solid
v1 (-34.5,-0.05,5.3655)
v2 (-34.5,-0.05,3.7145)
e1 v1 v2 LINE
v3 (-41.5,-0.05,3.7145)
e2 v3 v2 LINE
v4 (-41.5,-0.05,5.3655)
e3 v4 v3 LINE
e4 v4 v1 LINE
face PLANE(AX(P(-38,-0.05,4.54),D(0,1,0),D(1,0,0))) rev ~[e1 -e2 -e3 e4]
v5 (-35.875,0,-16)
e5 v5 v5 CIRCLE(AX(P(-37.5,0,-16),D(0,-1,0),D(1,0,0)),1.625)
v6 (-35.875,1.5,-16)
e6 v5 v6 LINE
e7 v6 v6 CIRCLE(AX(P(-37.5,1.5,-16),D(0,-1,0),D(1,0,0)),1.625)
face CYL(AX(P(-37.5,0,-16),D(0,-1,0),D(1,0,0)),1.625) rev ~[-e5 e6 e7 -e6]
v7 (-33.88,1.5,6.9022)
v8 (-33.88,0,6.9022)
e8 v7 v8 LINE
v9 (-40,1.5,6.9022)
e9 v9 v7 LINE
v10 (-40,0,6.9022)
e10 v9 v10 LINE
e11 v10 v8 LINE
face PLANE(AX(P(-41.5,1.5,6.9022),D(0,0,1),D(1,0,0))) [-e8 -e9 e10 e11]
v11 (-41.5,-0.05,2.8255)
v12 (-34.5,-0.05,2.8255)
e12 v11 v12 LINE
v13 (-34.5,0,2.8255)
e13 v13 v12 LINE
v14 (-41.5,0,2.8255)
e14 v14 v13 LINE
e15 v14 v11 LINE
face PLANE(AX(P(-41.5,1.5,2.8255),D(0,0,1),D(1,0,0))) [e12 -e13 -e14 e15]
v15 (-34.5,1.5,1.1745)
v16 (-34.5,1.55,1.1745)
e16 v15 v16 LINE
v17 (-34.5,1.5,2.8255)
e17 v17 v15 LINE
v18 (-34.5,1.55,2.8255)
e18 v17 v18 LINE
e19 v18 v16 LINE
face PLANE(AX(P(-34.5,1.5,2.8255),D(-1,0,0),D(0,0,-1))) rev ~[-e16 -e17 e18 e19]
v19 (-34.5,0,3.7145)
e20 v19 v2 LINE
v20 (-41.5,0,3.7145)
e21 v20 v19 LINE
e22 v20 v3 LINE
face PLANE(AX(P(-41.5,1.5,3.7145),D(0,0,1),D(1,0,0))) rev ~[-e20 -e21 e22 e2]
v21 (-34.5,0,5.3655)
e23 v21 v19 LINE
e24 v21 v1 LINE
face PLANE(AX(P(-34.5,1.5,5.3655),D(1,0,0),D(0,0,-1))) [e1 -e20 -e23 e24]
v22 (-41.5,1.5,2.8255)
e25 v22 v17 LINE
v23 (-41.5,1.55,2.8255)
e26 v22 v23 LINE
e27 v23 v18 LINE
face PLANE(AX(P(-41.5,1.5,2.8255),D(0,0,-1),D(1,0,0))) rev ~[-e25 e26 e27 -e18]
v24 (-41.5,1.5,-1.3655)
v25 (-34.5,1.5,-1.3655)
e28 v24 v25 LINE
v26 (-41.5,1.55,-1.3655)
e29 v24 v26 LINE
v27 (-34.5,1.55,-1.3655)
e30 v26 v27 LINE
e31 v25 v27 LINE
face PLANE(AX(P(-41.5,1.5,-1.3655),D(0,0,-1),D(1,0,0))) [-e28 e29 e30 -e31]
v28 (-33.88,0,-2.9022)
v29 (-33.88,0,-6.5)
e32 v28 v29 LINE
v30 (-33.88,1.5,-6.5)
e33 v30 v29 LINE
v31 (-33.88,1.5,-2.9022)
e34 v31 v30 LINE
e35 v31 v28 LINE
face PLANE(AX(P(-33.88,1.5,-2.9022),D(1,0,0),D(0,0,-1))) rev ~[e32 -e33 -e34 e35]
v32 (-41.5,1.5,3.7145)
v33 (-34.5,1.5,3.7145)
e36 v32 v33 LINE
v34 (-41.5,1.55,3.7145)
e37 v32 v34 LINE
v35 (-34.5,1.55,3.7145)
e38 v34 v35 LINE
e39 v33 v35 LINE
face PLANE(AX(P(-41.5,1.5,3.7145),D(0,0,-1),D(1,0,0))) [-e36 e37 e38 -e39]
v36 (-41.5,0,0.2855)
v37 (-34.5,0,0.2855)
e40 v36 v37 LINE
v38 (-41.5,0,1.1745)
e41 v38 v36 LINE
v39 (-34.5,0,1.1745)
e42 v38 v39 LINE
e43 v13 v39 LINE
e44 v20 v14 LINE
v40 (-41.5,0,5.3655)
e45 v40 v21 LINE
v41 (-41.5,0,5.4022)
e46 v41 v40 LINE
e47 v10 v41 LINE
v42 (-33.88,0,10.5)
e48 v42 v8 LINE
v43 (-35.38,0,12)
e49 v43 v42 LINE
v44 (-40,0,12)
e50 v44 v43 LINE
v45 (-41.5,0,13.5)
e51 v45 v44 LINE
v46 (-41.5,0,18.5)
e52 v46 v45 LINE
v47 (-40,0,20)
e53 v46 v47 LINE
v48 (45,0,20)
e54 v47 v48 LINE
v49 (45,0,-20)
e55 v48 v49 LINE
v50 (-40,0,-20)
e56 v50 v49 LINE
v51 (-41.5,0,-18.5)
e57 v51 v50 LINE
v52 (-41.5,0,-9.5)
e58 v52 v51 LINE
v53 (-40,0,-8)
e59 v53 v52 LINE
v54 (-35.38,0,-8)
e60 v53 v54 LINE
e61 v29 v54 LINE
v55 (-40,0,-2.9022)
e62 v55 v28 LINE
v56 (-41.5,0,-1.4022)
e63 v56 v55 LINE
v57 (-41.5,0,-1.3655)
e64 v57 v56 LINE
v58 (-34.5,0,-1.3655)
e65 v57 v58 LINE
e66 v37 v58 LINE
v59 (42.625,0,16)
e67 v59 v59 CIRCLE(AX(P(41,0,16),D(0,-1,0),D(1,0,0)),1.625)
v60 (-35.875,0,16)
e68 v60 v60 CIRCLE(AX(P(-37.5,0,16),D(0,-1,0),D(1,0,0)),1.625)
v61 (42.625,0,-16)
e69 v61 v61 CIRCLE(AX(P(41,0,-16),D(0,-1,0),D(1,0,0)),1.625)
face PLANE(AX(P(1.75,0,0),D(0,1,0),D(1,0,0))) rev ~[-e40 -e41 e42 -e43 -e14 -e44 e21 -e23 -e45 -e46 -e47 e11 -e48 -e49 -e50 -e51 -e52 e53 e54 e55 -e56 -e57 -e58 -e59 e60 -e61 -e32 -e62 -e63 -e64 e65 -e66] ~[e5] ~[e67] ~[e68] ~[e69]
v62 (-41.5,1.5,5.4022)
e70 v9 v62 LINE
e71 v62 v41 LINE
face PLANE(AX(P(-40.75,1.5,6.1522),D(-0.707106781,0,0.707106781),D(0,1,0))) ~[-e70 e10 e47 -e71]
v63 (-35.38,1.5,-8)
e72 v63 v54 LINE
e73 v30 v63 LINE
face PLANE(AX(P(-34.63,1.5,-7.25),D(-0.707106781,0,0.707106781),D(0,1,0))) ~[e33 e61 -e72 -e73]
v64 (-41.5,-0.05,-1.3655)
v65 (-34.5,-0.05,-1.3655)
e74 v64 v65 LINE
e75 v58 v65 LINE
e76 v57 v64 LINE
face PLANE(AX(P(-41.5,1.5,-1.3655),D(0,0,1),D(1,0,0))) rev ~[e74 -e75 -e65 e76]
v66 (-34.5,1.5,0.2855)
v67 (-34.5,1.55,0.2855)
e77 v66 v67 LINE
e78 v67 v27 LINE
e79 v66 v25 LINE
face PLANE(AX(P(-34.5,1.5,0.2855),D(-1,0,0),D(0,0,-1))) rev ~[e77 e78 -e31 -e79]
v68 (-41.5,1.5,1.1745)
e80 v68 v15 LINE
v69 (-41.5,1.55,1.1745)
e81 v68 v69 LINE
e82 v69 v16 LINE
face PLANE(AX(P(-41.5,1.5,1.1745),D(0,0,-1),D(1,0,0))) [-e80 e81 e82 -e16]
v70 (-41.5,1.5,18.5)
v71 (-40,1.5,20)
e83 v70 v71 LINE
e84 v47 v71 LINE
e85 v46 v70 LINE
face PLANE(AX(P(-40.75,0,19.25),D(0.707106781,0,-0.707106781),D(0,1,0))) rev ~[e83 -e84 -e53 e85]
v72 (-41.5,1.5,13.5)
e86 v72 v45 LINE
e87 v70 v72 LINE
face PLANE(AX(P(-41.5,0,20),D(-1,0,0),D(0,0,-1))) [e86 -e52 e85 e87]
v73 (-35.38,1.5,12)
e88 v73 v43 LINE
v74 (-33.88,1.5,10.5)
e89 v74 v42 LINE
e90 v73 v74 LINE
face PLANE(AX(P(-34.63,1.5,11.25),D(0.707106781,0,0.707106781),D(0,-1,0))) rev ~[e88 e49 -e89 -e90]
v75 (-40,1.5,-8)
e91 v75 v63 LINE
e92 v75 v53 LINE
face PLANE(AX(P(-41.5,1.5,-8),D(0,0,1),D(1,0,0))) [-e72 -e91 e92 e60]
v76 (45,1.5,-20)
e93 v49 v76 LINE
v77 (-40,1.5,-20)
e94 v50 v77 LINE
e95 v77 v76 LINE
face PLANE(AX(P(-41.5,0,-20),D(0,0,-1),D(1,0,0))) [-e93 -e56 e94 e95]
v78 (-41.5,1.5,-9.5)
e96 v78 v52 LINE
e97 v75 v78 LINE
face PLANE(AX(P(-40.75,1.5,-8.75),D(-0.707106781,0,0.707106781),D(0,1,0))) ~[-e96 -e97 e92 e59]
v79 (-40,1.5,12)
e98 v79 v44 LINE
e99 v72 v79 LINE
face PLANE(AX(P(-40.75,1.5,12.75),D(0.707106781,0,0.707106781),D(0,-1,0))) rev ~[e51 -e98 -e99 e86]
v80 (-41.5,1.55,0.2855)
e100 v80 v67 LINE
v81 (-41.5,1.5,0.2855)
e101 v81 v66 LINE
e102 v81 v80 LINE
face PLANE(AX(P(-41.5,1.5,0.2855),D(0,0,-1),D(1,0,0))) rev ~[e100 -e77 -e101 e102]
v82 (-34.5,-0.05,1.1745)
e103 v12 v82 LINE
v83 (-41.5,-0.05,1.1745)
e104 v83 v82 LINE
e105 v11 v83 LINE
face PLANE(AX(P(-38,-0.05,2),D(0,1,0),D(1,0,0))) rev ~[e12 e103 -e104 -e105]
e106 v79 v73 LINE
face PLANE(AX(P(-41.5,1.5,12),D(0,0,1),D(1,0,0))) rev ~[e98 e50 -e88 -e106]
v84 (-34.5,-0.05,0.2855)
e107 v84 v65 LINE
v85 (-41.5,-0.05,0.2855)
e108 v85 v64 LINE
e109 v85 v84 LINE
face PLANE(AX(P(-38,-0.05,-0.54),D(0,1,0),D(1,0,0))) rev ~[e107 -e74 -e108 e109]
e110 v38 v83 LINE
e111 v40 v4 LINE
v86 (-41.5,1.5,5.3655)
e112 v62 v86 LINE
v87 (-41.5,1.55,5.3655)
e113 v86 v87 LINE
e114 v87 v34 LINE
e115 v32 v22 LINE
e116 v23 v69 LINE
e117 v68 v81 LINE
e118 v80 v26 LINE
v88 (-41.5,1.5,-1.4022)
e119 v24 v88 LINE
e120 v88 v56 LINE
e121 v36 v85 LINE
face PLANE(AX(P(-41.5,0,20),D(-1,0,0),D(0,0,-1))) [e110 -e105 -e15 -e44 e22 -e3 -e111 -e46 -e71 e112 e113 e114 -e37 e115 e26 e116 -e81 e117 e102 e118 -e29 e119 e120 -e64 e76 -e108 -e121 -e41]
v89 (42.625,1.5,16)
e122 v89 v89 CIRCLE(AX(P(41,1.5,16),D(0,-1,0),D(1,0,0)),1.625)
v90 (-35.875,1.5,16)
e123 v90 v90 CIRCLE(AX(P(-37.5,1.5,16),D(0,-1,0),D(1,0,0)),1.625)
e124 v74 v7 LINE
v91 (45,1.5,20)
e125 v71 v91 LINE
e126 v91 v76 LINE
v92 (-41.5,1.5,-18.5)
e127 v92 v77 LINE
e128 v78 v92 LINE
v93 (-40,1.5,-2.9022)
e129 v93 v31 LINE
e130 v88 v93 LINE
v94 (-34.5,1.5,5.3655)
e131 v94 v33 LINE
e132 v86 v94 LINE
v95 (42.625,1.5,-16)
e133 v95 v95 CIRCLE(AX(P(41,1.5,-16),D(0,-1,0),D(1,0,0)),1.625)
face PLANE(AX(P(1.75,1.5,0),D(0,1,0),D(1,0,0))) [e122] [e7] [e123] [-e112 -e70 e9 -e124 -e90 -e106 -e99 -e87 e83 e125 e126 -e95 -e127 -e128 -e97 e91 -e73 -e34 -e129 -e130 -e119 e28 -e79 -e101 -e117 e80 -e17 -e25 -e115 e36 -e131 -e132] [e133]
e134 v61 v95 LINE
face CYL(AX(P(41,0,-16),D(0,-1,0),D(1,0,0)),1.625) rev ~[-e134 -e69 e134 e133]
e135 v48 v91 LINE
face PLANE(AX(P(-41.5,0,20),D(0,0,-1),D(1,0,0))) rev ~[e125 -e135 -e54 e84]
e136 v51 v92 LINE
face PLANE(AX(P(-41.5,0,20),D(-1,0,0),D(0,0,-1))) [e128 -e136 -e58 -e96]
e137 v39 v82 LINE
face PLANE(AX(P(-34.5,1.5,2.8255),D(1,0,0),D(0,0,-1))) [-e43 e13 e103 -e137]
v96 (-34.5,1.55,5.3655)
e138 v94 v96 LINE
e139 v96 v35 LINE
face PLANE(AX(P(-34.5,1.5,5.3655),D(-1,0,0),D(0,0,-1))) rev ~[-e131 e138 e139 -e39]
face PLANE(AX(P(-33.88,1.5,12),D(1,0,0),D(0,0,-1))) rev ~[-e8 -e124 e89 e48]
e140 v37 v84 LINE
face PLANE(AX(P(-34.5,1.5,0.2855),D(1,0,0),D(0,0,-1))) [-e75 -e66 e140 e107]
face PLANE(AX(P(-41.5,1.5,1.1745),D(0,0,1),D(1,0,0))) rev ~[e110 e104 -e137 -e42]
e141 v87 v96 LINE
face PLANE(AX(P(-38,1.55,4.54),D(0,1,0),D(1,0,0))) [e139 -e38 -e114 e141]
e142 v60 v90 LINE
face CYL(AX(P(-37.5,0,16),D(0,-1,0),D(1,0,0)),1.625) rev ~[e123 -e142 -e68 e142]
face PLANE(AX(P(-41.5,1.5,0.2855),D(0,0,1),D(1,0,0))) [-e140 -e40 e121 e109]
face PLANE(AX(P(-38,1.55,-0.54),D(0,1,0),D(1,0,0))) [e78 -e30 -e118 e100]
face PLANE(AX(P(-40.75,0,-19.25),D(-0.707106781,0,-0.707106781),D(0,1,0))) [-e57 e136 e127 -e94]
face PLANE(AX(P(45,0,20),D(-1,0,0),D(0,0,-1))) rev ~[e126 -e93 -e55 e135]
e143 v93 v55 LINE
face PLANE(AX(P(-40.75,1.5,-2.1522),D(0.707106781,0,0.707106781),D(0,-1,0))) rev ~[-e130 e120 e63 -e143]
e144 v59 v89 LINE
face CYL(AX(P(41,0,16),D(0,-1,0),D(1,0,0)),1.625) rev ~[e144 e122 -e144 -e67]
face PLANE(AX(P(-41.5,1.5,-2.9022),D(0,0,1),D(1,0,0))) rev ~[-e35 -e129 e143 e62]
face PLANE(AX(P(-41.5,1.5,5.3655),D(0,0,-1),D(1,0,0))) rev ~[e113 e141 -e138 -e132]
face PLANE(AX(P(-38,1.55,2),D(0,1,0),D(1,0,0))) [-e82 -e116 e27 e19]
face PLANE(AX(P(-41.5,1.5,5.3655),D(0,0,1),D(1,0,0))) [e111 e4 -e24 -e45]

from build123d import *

# Parameters (mm, degrees)
SKETCH1_W                = 86.5
SKETCH1_H                = 40
BOSS_EXTRUDE1_DEPTH      = 1.5
SKETCH2_W                = 7.62
SKETCH2_H                = 5.0978
CUT_EXTRUDE1_DEPTH       = 2.5
CHAMFER2_SIZE            = 1.5
SKETCH4_R                = 1.625
CUT_EXTRUDE2_DEPTH       = 2.5
SKETCH3_W                = 7
SKETCH3_H                = 1.651
BOSS_EXTRUDE2_DEPTH      = 0.05
BOSS_EXTRUDE2_DEPTH_BACK = 1.55


with BuildPart() as part:
    # Sketch1 → Boss-Extrude1 (new body)
    with BuildSketch(Plane(origin=(0, 0, 0), x_dir=(1, 0, 0), z_dir=(0, 1, 0))):
        with Locations((1.75, 0)):
            Rectangle(SKETCH1_W, SKETCH1_H)
    extrude(amount=BOSS_EXTRUDE1_DEPTH)

    # Sketch2 → Cut-Extrude1 (cut, through all)
    with BuildSketch(Plane(origin=(0, 1.5, 0), x_dir=(1, 0, 0), z_dir=(0, 1, 0))):
        with Locations((-37.69, 5.4511)):
            Rectangle(SKETCH2_W, SKETCH2_H)
        with Locations((-37.69, -9.4511)):
            Rectangle(SKETCH2_W, SKETCH2_H)
    extrude(amount=-CUT_EXTRUDE1_DEPTH, mode=Mode.SUBTRACT)

    # Chamfer2
    chamfer2_edges = [part.edges().sort_by_distance(p)[0] for p in [
        (-41.5, 0.75, -2.9022),
        (-41.5, 0.75, -8),
        (-33.88, 0.75, -8),
        (-41.5, 0.75, 12),
        (-41.5, 0.75, 6.9022),
        (-33.88, 0.75, 12),
        (-41.5, 0.75, -20),
        (-41.5, 0.75, 20),
    ]]
    chamfer(chamfer2_edges, length=CHAMFER2_SIZE)

    # Sketch4 → Cut-Extrude2 (cut, through all)
    with BuildSketch(Plane.XZ):
        with Locations((-37.5, 16)):
            Circle(SKETCH4_R)
        with Locations((41, 16)):
            Circle(SKETCH4_R)
        with Locations((41, -16)):
            Circle(SKETCH4_R)
        with Locations((-37.5, -16)):
            Circle(SKETCH4_R)
    extrude(amount=-CUT_EXTRUDE2_DEPTH, mode=Mode.SUBTRACT)

    # Sketch3 → Boss-Extrude2 (add, two sides)
    with BuildSketch(Plane(origin=(0, 1.5, 0), x_dir=(1, 0, 0), z_dir=(0, 1, 0))) as boss_extrude2_sk:
        with Locations((-38, 0.54)):
            Rectangle(SKETCH3_W, SKETCH3_H)
        with Locations((-38, -2)):
            Rectangle(SKETCH3_W, SKETCH3_H)
        with Locations((-38, -4.54)):
            Rectangle(SKETCH3_W, SKETCH3_H)
    extrude(amount=BOSS_EXTRUDE2_DEPTH)
    extrude(boss_extrude2_sk.sketch, amount=-BOSS_EXTRUDE2_DEPTH_BACK)


solid = part.part
